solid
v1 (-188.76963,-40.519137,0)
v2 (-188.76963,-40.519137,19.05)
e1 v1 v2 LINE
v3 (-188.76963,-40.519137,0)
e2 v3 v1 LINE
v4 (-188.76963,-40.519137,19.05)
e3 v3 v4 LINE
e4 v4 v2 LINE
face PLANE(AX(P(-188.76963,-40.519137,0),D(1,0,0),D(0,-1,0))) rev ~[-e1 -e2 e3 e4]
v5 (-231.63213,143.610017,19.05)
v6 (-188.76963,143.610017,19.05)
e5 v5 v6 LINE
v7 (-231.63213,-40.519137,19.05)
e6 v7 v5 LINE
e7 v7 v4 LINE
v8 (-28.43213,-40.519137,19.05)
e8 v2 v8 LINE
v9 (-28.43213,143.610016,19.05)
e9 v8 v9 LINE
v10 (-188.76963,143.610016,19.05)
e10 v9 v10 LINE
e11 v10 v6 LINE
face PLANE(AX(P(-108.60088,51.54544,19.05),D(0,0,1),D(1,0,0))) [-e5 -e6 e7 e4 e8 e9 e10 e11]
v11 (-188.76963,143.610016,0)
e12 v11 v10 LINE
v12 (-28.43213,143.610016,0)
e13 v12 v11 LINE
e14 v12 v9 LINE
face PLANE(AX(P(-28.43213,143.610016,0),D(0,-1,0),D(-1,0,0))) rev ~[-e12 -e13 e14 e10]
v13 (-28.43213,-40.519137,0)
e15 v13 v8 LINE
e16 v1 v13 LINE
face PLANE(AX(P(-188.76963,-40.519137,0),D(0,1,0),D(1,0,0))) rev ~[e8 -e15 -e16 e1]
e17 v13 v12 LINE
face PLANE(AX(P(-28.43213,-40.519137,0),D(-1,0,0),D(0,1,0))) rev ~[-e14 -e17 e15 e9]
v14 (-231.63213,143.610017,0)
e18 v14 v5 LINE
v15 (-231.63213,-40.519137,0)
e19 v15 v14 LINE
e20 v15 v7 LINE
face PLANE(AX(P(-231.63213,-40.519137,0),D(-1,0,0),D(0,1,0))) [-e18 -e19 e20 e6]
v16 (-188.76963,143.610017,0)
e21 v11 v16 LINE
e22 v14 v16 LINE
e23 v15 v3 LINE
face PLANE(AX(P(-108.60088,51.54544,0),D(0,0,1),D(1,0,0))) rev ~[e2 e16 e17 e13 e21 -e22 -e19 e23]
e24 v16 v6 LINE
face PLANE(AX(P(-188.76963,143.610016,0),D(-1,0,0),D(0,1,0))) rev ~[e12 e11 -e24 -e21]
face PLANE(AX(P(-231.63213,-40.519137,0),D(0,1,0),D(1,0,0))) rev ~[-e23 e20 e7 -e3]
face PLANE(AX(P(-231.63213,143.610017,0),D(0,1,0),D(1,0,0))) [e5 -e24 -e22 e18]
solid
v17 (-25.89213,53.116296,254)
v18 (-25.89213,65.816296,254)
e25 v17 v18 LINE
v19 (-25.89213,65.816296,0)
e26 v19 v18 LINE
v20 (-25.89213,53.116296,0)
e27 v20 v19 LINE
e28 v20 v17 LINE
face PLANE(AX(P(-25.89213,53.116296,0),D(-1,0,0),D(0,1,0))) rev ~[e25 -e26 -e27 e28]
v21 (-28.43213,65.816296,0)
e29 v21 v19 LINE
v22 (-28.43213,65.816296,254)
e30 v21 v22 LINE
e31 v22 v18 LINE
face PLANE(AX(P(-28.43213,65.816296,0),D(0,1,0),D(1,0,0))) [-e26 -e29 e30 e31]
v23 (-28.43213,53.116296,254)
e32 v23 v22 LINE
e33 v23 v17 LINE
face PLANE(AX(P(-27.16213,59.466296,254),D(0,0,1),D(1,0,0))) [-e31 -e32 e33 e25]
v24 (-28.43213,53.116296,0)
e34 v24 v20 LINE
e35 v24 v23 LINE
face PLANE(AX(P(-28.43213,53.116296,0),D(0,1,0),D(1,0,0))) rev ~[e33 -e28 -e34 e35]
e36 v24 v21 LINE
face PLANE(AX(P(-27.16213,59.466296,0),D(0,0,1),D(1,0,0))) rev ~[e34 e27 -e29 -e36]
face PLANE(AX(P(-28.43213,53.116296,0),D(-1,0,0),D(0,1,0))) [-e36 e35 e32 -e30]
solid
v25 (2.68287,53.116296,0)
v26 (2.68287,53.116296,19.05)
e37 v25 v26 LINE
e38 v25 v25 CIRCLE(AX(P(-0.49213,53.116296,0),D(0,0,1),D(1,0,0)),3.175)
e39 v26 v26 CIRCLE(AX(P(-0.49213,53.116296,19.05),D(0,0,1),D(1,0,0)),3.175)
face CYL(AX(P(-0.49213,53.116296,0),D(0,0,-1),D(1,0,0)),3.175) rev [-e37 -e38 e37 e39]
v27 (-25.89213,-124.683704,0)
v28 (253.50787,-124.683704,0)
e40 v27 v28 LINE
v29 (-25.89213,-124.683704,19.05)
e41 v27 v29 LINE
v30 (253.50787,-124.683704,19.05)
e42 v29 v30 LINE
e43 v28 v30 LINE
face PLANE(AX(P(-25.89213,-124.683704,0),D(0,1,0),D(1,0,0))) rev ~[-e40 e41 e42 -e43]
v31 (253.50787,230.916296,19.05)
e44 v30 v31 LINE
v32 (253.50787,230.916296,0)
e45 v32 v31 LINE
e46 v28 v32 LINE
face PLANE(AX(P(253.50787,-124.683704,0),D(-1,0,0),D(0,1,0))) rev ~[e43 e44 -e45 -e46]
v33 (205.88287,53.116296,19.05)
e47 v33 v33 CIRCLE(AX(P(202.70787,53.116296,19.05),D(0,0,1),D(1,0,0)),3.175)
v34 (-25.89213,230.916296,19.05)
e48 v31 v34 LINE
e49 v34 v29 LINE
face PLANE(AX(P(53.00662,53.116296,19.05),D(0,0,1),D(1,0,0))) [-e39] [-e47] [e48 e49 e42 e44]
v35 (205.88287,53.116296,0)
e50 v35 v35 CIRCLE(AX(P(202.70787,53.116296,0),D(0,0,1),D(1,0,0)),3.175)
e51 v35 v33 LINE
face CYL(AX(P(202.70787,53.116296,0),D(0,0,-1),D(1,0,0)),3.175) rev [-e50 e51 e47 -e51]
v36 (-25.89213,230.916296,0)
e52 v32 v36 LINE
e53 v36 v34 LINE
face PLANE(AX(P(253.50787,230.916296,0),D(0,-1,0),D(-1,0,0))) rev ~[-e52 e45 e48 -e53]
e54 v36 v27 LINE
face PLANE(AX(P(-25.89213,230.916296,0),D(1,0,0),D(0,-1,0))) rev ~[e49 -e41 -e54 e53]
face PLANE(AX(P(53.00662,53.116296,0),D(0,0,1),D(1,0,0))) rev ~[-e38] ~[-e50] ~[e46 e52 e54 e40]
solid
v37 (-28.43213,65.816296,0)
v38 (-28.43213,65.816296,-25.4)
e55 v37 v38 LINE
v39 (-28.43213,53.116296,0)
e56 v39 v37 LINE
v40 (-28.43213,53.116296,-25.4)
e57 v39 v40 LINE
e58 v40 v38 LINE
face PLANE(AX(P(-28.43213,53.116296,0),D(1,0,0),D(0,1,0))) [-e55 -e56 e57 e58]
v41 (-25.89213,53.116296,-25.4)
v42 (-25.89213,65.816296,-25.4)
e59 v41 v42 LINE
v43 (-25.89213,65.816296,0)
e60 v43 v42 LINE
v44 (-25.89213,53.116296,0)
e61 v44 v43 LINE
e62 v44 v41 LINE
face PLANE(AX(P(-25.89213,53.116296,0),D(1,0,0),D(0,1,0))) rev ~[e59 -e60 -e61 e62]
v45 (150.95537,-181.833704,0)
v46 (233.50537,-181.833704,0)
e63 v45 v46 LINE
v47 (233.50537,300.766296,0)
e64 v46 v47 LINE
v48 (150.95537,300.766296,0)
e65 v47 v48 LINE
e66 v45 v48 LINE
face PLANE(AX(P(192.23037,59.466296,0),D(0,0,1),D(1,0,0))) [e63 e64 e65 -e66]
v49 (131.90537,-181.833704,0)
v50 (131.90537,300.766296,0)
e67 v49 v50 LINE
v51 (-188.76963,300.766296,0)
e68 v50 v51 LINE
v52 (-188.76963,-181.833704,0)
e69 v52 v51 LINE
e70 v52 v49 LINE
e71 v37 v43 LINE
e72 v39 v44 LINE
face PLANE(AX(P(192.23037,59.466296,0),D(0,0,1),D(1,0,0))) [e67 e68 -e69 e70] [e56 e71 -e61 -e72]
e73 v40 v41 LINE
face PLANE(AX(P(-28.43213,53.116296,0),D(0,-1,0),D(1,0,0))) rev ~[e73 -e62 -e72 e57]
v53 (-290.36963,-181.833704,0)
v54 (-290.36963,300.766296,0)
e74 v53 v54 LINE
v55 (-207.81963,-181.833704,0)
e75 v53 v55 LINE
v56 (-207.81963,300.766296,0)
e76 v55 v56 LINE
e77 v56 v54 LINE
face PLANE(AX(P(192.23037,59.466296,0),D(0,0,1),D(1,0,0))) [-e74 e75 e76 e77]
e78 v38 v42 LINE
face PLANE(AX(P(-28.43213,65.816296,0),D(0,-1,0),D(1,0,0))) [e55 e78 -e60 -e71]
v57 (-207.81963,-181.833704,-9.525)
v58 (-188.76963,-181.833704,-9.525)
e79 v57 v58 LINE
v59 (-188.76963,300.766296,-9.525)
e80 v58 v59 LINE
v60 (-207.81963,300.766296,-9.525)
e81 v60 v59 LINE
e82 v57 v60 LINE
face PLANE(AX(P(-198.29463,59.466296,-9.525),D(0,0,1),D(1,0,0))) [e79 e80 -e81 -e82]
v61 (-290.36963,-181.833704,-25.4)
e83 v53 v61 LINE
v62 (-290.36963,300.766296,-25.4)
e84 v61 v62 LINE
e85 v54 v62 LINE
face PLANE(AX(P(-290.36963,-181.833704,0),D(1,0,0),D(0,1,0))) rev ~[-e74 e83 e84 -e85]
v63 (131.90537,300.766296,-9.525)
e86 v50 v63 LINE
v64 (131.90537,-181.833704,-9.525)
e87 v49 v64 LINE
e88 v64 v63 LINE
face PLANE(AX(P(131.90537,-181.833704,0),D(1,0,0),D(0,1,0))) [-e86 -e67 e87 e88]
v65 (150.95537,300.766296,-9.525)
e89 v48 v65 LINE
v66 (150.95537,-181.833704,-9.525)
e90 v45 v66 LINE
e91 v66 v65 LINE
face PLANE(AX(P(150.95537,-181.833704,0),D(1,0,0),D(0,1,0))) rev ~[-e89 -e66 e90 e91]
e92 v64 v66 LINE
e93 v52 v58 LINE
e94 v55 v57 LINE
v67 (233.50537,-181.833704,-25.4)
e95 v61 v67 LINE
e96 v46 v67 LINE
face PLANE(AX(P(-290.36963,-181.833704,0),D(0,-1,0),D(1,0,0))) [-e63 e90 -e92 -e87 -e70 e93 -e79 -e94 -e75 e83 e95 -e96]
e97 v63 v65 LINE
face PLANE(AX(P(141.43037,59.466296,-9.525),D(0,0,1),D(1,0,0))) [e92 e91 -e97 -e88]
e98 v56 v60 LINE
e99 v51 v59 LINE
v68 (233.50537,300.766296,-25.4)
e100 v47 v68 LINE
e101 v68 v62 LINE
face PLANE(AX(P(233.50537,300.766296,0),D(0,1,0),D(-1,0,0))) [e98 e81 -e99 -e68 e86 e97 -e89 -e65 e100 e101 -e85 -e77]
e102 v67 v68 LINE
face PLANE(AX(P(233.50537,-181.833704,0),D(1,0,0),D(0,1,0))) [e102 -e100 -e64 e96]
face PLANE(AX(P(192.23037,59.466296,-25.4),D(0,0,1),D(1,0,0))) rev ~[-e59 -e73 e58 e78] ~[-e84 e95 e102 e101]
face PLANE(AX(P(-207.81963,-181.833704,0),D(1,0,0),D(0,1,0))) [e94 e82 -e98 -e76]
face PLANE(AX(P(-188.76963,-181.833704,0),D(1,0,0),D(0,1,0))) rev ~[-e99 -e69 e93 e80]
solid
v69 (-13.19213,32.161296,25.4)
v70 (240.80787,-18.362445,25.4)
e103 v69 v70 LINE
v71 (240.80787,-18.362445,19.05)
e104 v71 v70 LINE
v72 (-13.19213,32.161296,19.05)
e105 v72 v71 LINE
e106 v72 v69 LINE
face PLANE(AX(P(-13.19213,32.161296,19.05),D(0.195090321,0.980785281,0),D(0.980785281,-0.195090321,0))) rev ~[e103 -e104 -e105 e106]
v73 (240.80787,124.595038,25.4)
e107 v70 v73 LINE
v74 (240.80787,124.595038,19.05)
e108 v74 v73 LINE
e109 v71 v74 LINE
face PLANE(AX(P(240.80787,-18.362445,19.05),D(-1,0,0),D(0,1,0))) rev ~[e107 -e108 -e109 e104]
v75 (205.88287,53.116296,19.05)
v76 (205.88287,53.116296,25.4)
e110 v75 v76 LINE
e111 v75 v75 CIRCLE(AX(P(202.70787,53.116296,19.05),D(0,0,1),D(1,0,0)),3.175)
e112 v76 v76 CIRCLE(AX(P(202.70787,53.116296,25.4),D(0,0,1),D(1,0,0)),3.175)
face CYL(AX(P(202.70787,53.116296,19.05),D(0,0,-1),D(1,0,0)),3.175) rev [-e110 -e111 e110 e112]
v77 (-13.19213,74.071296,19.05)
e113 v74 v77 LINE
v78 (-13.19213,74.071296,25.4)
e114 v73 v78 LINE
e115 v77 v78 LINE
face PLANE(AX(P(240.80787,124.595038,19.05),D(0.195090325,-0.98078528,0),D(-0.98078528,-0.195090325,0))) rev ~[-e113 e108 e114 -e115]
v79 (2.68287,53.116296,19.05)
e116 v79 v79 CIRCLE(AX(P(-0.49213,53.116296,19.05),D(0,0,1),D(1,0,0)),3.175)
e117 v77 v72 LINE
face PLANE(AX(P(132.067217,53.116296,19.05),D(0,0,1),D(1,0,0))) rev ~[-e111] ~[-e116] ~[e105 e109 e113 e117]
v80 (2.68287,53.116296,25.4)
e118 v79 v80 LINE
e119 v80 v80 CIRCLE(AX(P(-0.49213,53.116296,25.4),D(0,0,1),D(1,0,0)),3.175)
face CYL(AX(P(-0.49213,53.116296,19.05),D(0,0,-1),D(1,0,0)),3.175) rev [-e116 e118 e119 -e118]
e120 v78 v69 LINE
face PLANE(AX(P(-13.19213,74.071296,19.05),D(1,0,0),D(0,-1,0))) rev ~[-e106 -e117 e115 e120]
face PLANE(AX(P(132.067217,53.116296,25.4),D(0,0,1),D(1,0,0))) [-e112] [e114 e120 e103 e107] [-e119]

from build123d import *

# Parameters (mm, degrees)
F0_W     = 82.55
F0_H     = 482.6
F0_W_2   = 320.675
F0_W_3   = 2.54
F0_H_2   = 12.7
F0_W_4   = 19.05
F1_DEPTH = 25.4
F2_DEPTH = 9.525
F3_DEPTH = 254
F4_R     = 3.175
F4_W     = 121.6025
F4_H     = 355.6
F5_DEPTH = 19.05
F4_W_2   = 42.8625
F4_H_2   = 184.129153
F6_DEPTH = 19.05
F7_R     = 3.175
F8_DEPTH = 6.35


with BuildPart() as f1:
    # F0 (on Top) → F1 (new body)
    with BuildSketch(Plane.XY):
        with Locations((192.23037, 59.466296)):
            Rectangle(F0_W, F0_H)
        with Locations((-28.43213, 59.466296)):
            Rectangle(F0_W_2, F0_H)
        with Locations((-27.16213, 59.466296)):
            Rectangle(F0_W_3, F0_H_2, mode=Mode.SUBTRACT)
        with Locations((-249.09463, 59.466296)):
            Rectangle(F0_W, F0_H)
        with Locations((-198.29463, 59.466296)):
            Rectangle(F0_W_4, F0_H)
        with Locations((141.43037, 59.466296)):
            Rectangle(F0_W_4, F0_H)
    extrude(amount=-F1_DEPTH)

    # F0 (on Top) → F2 (cut)
    with BuildSketch(Plane.XY):
        with Locations((-198.29463, 59.466296)):
            Rectangle(F0_W_4, F0_H)
        with Locations((141.43037, 59.466296)):
            Rectangle(F0_W_4, F0_H)
    extrude(amount=-F2_DEPTH, mode=Mode.SUBTRACT)


with BuildPart() as f3:
    # F0 (on Top) → F3 (new body)
    with BuildSketch(Plane.XY):
        with Locations((-27.16213, 59.466296)):
            Rectangle(F0_W_3, F0_H_2)
    extrude(amount=F3_DEPTH)


with BuildPart() as f5:
    # F4 (on face) → F5 (new body)
    with BuildSketch(Plane.XY):
        Polygon((131.90537, 230.916296), (-25.89213, 230.916296), (-25.89213, 65.816296), (-25.89213, 53.116296), (-25.89213, -124.683704), (131.90537, -124.683704), align=None)
        with Locations((-0.49213, 53.116296)):
            Circle(F4_R, mode=Mode.SUBTRACT)
        with Locations((192.70662, 53.116296)):
            Rectangle(F4_W, F4_H)
        with Locations((202.70787, 53.116296)):
            Circle(F4_R, mode=Mode.SUBTRACT)
    extrude(amount=F5_DEPTH)


with BuildPart() as f6:
    # F4 (on face) → F6 (new body)
    with BuildSketch(Plane.XY):
        Polygon((-28.43213, 53.116296), (-28.43213, 65.816296), (-28.43213, 143.610016), (-188.76963, 143.610016), (-188.76963, -40.519137), (-28.43213, -40.519137), align=None)
        with Locations((-210.20088, 51.54544)):
            Rectangle(F4_W_2, F4_H_2)
    extrude(amount=F6_DEPTH)


with BuildPart() as f8:
    # F7 (on face) → F8 (new body)
    with BuildSketch(Plane.XY.offset(19.05)):
        Polygon((240.80787, 124.595038), (-13.19213, 74.071296), (-13.19213, 32.161296), (240.80787, -18.362445), align=None)
        with Locations((-0.49213, 53.116296)):
            Circle(F7_R, mode=Mode.SUBTRACT)
        with Locations((202.70787, 53.116296)):
            Circle(F7_R, mode=Mode.SUBTRACT)
    extrude(amount=F8_DEPTH)


solid = Compound([f1.part, f3.part, f5.part, f6.part, f8.part])
